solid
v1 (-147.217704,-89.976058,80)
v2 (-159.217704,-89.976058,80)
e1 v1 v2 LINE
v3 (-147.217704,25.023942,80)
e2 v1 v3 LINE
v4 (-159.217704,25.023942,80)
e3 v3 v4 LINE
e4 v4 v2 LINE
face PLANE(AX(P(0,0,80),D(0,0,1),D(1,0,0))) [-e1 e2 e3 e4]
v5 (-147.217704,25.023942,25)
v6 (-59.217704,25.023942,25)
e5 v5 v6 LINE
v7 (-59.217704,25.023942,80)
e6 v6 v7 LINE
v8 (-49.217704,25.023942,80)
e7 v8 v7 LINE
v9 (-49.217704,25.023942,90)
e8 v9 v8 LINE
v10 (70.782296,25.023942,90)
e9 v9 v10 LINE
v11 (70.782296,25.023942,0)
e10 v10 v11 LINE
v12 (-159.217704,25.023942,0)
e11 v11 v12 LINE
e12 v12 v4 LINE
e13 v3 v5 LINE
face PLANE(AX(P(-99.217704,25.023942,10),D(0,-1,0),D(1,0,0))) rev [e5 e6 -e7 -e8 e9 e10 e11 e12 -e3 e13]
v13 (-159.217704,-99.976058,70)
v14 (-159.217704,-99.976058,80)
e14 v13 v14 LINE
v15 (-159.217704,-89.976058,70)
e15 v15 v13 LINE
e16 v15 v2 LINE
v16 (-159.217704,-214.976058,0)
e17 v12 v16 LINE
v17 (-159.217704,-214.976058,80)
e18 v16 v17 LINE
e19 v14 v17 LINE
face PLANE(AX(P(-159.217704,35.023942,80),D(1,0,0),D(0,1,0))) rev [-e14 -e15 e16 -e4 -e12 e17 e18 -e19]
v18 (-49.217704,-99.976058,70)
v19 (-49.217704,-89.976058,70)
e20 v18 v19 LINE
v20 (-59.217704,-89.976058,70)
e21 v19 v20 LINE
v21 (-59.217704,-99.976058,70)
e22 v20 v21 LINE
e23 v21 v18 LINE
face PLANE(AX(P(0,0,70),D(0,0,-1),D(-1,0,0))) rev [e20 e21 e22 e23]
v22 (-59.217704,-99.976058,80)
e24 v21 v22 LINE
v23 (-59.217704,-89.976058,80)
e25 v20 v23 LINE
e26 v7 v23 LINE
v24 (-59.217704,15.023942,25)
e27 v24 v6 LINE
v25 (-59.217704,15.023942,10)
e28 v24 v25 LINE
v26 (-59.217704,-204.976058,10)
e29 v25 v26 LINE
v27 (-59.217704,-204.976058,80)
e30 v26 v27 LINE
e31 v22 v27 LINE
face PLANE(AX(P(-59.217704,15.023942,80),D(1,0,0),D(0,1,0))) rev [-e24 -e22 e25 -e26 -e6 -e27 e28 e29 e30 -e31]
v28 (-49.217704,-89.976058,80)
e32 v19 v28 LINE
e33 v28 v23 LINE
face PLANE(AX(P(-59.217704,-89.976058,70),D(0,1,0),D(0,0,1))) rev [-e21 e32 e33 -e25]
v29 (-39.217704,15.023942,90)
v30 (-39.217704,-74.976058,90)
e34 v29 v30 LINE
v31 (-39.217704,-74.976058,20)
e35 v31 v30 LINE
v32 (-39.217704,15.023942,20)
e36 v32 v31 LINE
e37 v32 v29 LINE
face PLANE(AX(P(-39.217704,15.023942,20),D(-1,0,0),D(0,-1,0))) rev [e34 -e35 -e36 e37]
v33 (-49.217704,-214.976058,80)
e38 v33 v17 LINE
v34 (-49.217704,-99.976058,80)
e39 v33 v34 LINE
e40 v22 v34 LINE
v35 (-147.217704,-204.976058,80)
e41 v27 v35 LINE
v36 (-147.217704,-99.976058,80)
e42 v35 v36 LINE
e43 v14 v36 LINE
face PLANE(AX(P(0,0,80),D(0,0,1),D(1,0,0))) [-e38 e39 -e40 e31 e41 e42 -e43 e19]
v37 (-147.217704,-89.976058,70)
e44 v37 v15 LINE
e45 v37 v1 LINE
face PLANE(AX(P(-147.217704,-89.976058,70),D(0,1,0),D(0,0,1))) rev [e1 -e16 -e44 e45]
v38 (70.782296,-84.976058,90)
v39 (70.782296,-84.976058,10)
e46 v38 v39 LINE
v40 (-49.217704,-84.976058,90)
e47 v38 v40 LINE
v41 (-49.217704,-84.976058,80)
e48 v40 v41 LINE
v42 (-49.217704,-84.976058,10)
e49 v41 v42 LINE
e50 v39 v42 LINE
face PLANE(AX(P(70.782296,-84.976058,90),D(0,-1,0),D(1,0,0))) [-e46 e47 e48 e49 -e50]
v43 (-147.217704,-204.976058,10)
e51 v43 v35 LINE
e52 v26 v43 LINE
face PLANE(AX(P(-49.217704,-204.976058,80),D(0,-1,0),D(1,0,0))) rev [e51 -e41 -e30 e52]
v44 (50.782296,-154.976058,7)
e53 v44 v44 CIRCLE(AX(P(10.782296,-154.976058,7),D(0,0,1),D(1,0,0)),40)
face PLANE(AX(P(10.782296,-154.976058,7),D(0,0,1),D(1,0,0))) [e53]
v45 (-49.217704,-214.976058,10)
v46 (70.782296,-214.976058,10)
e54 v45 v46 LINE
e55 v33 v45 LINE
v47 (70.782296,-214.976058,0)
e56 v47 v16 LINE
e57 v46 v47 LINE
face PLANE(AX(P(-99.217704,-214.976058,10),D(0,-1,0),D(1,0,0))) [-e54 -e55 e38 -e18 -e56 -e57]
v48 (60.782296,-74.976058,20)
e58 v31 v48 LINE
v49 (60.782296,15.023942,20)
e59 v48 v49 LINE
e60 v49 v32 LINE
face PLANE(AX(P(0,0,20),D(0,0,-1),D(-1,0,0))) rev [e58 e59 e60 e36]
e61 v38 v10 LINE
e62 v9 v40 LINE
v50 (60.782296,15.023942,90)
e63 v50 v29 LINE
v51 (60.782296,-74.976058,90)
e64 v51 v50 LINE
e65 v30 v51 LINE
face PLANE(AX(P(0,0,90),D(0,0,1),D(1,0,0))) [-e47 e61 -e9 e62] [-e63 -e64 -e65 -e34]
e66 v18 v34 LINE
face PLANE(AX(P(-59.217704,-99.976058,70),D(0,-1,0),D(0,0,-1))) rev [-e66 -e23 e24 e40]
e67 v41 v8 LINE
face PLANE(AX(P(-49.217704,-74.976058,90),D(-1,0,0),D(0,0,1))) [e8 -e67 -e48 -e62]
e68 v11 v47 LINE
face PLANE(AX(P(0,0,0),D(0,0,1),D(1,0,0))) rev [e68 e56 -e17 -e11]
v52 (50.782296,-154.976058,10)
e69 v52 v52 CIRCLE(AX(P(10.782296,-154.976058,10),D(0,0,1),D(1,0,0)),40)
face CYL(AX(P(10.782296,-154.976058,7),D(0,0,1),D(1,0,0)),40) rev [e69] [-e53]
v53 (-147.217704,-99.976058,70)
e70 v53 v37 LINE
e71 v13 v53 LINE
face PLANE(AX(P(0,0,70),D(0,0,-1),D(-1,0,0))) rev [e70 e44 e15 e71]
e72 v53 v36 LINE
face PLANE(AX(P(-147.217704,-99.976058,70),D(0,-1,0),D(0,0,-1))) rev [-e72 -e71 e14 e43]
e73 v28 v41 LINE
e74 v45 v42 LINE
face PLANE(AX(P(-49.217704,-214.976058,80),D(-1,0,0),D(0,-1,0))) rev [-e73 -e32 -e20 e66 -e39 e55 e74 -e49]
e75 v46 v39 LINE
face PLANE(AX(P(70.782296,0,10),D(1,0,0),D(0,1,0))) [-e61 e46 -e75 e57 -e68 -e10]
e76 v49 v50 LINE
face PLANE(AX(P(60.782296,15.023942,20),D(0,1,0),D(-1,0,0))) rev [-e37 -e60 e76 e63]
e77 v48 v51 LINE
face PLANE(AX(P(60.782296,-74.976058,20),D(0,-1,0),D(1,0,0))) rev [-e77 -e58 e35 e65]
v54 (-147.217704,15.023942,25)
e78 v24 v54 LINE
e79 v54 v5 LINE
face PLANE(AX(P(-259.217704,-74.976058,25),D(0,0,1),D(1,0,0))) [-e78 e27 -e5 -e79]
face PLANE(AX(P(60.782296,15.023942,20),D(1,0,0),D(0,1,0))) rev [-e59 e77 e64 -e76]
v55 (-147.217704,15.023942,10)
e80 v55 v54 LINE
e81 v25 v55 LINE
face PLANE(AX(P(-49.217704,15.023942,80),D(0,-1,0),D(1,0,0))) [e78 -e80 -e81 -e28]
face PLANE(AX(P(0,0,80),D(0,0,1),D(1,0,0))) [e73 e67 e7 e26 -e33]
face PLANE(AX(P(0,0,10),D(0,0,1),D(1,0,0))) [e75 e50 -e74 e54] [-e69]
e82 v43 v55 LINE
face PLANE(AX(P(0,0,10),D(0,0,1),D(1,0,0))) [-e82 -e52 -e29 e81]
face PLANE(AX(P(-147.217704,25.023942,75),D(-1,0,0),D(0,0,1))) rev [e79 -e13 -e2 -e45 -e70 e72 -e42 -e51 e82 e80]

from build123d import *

# Parameters (mm, degrees)
RESSALTO_EXTRUS_O1_DEPTH = 10
ESBO_O2_W                = 10
ESBO_O2_H                = 10
ESBO_O2_W_2              = 210
ESBO_O2_H_2              = 220
RESSALTO_EXTRUS_O4_DEPTH = 70
ESBO_O7_R                = 40
CORTE_EXTRUS_O1_DEPTH    = 3
ESBO_O21_W               = 200
ESBO_O21_H               = 45
CORTE_EXTRUS_O5_DEPTH    = 100
RESSALTO_EXTRUS_O5_DEPTH = 80
ESBO_O29_W               = 110
ESBO_O29_H               = 80
CORTE_EXTRUS_O8_DEPTH    = 250
ESBO_O30_W               = 12
ESBO_O30_H               = 10
RESSALTO_EXTRUS_O6_DEPTH = 50
ESBO_O31_W               = 100
ESBO_O31_H               = 90
CORTE_EXTRUS_O9_DEPTH    = 70
ESBO_O38_W               = 12
ESBO_O38_H               = 70
RESSALTO_EXTRUS_O8_DEPTH = 220
ESBO_O39_W               = 10
ESBO_O39_H               = 10
ESBO_O39_W_2             = 12
CORTE_EXTRUS_O10_DEPTH   = 10
ESBO_O40_W               = 88
ESBO_O40_H               = 10
CORTE_EXTRUS_O11_DEPTH   = 10


with BuildPart() as part:
    # Esboço1 → Ressalto-extrusão1 (new body)
    with BuildSketch(Plane.XY):
        Polygon((-99.217703787, 25.02394247), (70.782296213, 25.02394247), (70.782296213, 0), (70.782296213, -214.97605753), (-99.217703787, -214.97605753), (-269.217703787, -214.97605753), (-269.217703787, 0), (-269.217703787, 25.02394247), align=None)
    extrude(amount=RESSALTO_EXTRUS_O1_DEPTH)

    # Esboço2 → Ressalto-extrusão4 (add)
    with BuildSketch(Plane.XY.offset(10)):
        with Locations((-54.217703787, -209.97605753)):
            Rectangle(ESBO_O2_W, ESBO_O2_H)
        with Locations((-164.217703787, -209.97605753)):
            Rectangle(ESBO_O2_W_2, ESBO_O2_H)
        with Locations((-54.217703787, -94.97605753)):
            Rectangle(ESBO_O2_W, ESBO_O2_H_2)
        Polygon((-59.217703787, 15.02394247), (-49.217703787, 15.02394247), (-49.217703787, 25.02394247), (-269.217703787, 25.02394247), (-269.217703787, 15.02394247), align=None)
    extrude(amount=RESSALTO_EXTRUS_O4_DEPTH)

    # Esboço7 → Corte-extrusão1 (cut)
    with BuildSketch(Plane.XY.offset(10)):
        with Locations((10.782296213, -154.97605753)):
            Circle(ESBO_O7_R)
    extrude(amount=-CORTE_EXTRUS_O1_DEPTH, mode=Mode.SUBTRACT)

    # Esboço21 → Corte-extrusão5 (cut)
    with BuildSketch(Plane(origin=(0, 25.02394247, 0), x_dir=(1, 0, 0), z_dir=(0, 1, 0))):
        with Locations((-159.217703787, -47.5)):
            Rectangle(ESBO_O21_W, ESBO_O21_H)
    extrude(amount=-CORTE_EXTRUS_O5_DEPTH, mode=Mode.SUBTRACT)

    # Esboço28 → Ressalto-extrusão5 (add)
    with BuildSketch(Plane.XY.offset(10)):
        Polygon((70.782296213, -84.97605753), (70.782296213, 25.02394247), (60.782296213, 25.02394247), (-39.217703787, 25.02394247), (-49.217703787, 25.02394247), (-49.217703787, -74.97605753), (-49.217703787, -84.97605753), align=None)
    extrude(amount=RESSALTO_EXTRUS_O5_DEPTH)

    # Esboço29 → Corte-extrusão8 (cut)
    with BuildSketch(Plane.XZ.offset(214.97605753)):
        with Locations((-214.217703787, 40)):
            Rectangle(ESBO_O29_W, ESBO_O29_H)
    extrude(amount=-CORTE_EXTRUS_O8_DEPTH, mode=Mode.SUBTRACT)

    # Esboço30 → Ressalto-extrusão6 (add)
    with BuildSketch(Plane.XY.offset(25)):
        with Locations((-153.217703787, 20.02394247)):
            Rectangle(ESBO_O30_W, ESBO_O30_H)
    extrude(amount=RESSALTO_EXTRUS_O6_DEPTH)

    # Esboço31 → Corte-extrusão9 (cut)
    with BuildSketch(Plane.XY.offset(90)):
        with Locations((10.782296213, -29.97605753)):
            Rectangle(ESBO_O31_W, ESBO_O31_H)
    extrude(amount=-CORTE_EXTRUS_O9_DEPTH, mode=Mode.SUBTRACT)

    # Esboço38 → Ressalto-extrusão8 (add)
    with BuildSketch(Plane.XZ.offset(-15.02394247)):
        with Locations((-153.217703787, 45)):
            Rectangle(ESBO_O38_W, ESBO_O38_H)
    extrude(amount=RESSALTO_EXTRUS_O8_DEPTH)

    # Esboço39 → Corte-extrusão10 (cut)
    with BuildSketch(Plane.XY.offset(80)):
        with Locations((-54.217703787, -94.97605753)):
            Rectangle(ESBO_O39_W, ESBO_O39_H)
        with Locations((-153.217703787, -94.97605753)):
            Rectangle(ESBO_O39_W_2, ESBO_O39_H)
    extrude(amount=-CORTE_EXTRUS_O10_DEPTH, mode=Mode.SUBTRACT)

    # Esboço40 → Corte-extrusão11 (cut)
    with BuildSketch(Plane(origin=(0, 25.02394247, 0), x_dir=(1, 0, 0), z_dir=(0, 1, 0))):
        with Locations((-103.217703787, -75)):
            Rectangle(ESBO_O40_W, ESBO_O40_H)
    extrude(amount=-CORTE_EXTRUS_O11_DEPTH, mode=Mode.SUBTRACT)


solid = part.part
